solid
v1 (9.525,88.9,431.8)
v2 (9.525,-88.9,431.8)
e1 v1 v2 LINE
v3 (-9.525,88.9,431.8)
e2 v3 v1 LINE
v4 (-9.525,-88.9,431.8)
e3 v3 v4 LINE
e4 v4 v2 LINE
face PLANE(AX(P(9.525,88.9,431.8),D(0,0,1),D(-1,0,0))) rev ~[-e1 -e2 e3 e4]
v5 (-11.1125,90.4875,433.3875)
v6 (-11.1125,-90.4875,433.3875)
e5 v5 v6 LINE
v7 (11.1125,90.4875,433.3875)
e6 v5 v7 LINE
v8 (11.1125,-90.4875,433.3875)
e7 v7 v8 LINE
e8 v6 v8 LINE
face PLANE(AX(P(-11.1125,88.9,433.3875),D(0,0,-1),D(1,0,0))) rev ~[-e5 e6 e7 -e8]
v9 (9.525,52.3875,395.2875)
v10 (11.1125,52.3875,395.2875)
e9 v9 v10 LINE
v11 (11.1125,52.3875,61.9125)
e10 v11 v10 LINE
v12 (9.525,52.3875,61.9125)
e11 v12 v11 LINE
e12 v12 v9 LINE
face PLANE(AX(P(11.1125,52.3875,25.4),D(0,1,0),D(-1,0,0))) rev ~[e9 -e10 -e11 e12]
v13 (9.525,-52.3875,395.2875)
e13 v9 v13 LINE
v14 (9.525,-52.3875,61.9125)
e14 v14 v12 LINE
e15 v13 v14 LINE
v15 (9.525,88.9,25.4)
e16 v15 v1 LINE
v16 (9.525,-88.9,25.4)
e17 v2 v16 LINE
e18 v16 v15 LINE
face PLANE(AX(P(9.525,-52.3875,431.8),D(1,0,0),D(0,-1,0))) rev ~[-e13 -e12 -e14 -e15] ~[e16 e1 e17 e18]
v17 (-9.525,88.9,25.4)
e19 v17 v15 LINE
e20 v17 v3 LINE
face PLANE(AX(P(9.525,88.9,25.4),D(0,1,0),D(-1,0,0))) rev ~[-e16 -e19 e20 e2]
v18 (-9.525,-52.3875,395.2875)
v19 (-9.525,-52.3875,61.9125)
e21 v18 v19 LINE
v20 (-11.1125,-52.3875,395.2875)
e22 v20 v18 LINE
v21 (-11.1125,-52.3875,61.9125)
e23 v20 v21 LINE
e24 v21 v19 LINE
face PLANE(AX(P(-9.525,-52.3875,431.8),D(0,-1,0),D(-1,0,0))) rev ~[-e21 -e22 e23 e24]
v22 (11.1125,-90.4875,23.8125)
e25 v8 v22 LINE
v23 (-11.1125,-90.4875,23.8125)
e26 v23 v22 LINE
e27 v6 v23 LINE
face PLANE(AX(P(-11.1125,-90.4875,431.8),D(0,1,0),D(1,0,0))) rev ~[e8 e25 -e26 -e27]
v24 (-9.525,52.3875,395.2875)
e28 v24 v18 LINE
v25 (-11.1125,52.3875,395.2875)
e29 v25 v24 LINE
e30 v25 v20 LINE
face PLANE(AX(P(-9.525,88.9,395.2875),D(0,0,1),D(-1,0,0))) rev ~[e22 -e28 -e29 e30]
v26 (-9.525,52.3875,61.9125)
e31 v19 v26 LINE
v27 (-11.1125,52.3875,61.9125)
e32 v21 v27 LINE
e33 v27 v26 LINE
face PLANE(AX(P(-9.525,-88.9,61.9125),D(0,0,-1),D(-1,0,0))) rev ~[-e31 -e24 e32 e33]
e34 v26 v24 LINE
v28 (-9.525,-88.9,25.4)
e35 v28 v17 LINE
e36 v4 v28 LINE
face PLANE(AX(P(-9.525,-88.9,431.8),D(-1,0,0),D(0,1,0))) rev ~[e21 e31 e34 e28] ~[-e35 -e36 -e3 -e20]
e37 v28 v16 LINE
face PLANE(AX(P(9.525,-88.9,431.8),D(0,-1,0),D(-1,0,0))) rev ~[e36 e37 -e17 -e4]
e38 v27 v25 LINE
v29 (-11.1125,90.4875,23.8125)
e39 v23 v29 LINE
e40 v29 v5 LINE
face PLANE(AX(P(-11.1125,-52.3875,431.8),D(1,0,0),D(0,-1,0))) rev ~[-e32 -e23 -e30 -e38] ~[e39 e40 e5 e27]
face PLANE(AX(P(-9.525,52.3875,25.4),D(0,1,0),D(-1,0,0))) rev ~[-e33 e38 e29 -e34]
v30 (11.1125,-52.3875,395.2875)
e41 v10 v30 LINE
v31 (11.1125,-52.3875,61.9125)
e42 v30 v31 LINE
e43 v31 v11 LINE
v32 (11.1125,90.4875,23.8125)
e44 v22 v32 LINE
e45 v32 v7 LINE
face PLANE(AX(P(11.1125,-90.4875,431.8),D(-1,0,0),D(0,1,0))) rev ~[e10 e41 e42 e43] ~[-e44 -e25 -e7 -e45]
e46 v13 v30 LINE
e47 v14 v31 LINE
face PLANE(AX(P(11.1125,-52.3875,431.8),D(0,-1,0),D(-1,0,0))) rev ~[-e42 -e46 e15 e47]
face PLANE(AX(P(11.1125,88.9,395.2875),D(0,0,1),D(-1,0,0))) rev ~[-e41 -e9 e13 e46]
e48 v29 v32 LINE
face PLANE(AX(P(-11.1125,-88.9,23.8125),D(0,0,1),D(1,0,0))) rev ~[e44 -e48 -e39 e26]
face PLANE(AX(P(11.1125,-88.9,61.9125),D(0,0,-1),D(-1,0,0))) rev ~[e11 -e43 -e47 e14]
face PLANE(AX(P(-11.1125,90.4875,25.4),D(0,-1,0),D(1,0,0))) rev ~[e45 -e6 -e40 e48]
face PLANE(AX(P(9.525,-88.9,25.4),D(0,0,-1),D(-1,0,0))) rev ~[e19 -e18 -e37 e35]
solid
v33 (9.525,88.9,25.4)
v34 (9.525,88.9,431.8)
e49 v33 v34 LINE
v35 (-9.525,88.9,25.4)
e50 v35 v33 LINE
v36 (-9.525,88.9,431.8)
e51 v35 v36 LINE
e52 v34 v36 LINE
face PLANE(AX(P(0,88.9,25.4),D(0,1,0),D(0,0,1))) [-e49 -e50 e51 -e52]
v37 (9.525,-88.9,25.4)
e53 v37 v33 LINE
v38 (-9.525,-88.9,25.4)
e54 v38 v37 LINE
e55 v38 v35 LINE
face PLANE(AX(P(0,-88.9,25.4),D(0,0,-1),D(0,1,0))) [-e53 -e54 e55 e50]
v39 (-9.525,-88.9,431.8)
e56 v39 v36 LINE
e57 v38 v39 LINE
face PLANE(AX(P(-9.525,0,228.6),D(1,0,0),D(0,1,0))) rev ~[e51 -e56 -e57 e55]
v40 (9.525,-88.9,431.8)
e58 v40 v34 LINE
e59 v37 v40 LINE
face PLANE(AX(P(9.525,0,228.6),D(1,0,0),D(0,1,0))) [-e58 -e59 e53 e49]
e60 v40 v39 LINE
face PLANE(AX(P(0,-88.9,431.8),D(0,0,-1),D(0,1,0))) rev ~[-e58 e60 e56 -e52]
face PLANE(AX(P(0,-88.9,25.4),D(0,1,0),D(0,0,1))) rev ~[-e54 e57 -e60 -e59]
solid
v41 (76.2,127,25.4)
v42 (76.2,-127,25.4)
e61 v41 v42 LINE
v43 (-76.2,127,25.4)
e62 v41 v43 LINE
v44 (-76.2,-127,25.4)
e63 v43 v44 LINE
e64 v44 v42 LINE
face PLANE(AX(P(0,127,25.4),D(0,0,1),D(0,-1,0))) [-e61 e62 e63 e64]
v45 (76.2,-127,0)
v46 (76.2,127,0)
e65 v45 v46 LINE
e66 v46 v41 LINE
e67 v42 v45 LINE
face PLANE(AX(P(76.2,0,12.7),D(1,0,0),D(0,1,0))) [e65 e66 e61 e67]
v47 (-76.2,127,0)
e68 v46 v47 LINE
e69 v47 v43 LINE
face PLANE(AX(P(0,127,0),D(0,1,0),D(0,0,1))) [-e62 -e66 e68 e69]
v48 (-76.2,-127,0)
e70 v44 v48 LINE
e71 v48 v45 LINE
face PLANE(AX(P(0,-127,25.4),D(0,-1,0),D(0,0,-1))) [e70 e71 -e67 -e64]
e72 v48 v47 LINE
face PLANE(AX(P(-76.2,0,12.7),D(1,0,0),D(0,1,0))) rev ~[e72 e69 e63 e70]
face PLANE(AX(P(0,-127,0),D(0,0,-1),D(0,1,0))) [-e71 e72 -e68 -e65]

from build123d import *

# Parameters (mm, degrees)
F0_W     = 177.8
F0_H     = 406.4
F0_W_2   = 76.2
F0_H_2   = 304.8
F1_DEPTH = 9.525
F2_DEPTH = 76.2


with BuildPart() as f1:
    # F0 (on Right) → F1 (new body, symmetric)
    with BuildSketch(Plane.YZ):
        with Locations((0, 228.6)):
            Rectangle(F0_W, F0_H)
        with Locations((0, 228.6)):
            Rectangle(F0_W_2, F0_H_2, mode=Mode.SUBTRACT)
        with Locations((0, 228.6)):
            Rectangle(F0_W_2, F0_H_2)
    extrude(amount=F1_DEPTH, both=True)


with BuildPart() as f2:
    # F0 (on Right) → F2 (new body, symmetric)
    with BuildSketch(Plane.YZ):
        Polygon((127, 25.4), (88.9, 25.4), (-88.9, 25.4), (-127, 25.4), (-127, 0), (127, 0), align=None)
    extrude(amount=F2_DEPTH, both=True)


with BuildPart() as f4:
    # F4: sweep along a path in F4_path
    with BuildLine(Plane(origin=(9.525, -88.9, 431.8), x_dir=(0, 0, -1), z_dir=(-1, 0, 0))) as f4_path:
        Line((0, 0), (406.4, 0))
        Line((406.4, 0), (406.4, -177.8))
        Line((406.4, -177.8), (0, -177.8))
        Line((0, -177.8), (0, 0))
    # F3 (on face) → F4 (sweep)
    with BuildSketch(Plane.XY.offset(25.4)):
        Polygon((9.525, -88.9), (-9.525, -88.9), (-9.525, -52.3875), (-11.1125, -52.3875), (-11.1125, -90.4875), (11.1125, -90.4875), (11.1125, -52.3875), (9.525, -52.3875), align=None)
    sweep(path=f4_path.line, transition=Transition.RIGHT)


solid = Compound([f1.part, f2.part, f4.part])
